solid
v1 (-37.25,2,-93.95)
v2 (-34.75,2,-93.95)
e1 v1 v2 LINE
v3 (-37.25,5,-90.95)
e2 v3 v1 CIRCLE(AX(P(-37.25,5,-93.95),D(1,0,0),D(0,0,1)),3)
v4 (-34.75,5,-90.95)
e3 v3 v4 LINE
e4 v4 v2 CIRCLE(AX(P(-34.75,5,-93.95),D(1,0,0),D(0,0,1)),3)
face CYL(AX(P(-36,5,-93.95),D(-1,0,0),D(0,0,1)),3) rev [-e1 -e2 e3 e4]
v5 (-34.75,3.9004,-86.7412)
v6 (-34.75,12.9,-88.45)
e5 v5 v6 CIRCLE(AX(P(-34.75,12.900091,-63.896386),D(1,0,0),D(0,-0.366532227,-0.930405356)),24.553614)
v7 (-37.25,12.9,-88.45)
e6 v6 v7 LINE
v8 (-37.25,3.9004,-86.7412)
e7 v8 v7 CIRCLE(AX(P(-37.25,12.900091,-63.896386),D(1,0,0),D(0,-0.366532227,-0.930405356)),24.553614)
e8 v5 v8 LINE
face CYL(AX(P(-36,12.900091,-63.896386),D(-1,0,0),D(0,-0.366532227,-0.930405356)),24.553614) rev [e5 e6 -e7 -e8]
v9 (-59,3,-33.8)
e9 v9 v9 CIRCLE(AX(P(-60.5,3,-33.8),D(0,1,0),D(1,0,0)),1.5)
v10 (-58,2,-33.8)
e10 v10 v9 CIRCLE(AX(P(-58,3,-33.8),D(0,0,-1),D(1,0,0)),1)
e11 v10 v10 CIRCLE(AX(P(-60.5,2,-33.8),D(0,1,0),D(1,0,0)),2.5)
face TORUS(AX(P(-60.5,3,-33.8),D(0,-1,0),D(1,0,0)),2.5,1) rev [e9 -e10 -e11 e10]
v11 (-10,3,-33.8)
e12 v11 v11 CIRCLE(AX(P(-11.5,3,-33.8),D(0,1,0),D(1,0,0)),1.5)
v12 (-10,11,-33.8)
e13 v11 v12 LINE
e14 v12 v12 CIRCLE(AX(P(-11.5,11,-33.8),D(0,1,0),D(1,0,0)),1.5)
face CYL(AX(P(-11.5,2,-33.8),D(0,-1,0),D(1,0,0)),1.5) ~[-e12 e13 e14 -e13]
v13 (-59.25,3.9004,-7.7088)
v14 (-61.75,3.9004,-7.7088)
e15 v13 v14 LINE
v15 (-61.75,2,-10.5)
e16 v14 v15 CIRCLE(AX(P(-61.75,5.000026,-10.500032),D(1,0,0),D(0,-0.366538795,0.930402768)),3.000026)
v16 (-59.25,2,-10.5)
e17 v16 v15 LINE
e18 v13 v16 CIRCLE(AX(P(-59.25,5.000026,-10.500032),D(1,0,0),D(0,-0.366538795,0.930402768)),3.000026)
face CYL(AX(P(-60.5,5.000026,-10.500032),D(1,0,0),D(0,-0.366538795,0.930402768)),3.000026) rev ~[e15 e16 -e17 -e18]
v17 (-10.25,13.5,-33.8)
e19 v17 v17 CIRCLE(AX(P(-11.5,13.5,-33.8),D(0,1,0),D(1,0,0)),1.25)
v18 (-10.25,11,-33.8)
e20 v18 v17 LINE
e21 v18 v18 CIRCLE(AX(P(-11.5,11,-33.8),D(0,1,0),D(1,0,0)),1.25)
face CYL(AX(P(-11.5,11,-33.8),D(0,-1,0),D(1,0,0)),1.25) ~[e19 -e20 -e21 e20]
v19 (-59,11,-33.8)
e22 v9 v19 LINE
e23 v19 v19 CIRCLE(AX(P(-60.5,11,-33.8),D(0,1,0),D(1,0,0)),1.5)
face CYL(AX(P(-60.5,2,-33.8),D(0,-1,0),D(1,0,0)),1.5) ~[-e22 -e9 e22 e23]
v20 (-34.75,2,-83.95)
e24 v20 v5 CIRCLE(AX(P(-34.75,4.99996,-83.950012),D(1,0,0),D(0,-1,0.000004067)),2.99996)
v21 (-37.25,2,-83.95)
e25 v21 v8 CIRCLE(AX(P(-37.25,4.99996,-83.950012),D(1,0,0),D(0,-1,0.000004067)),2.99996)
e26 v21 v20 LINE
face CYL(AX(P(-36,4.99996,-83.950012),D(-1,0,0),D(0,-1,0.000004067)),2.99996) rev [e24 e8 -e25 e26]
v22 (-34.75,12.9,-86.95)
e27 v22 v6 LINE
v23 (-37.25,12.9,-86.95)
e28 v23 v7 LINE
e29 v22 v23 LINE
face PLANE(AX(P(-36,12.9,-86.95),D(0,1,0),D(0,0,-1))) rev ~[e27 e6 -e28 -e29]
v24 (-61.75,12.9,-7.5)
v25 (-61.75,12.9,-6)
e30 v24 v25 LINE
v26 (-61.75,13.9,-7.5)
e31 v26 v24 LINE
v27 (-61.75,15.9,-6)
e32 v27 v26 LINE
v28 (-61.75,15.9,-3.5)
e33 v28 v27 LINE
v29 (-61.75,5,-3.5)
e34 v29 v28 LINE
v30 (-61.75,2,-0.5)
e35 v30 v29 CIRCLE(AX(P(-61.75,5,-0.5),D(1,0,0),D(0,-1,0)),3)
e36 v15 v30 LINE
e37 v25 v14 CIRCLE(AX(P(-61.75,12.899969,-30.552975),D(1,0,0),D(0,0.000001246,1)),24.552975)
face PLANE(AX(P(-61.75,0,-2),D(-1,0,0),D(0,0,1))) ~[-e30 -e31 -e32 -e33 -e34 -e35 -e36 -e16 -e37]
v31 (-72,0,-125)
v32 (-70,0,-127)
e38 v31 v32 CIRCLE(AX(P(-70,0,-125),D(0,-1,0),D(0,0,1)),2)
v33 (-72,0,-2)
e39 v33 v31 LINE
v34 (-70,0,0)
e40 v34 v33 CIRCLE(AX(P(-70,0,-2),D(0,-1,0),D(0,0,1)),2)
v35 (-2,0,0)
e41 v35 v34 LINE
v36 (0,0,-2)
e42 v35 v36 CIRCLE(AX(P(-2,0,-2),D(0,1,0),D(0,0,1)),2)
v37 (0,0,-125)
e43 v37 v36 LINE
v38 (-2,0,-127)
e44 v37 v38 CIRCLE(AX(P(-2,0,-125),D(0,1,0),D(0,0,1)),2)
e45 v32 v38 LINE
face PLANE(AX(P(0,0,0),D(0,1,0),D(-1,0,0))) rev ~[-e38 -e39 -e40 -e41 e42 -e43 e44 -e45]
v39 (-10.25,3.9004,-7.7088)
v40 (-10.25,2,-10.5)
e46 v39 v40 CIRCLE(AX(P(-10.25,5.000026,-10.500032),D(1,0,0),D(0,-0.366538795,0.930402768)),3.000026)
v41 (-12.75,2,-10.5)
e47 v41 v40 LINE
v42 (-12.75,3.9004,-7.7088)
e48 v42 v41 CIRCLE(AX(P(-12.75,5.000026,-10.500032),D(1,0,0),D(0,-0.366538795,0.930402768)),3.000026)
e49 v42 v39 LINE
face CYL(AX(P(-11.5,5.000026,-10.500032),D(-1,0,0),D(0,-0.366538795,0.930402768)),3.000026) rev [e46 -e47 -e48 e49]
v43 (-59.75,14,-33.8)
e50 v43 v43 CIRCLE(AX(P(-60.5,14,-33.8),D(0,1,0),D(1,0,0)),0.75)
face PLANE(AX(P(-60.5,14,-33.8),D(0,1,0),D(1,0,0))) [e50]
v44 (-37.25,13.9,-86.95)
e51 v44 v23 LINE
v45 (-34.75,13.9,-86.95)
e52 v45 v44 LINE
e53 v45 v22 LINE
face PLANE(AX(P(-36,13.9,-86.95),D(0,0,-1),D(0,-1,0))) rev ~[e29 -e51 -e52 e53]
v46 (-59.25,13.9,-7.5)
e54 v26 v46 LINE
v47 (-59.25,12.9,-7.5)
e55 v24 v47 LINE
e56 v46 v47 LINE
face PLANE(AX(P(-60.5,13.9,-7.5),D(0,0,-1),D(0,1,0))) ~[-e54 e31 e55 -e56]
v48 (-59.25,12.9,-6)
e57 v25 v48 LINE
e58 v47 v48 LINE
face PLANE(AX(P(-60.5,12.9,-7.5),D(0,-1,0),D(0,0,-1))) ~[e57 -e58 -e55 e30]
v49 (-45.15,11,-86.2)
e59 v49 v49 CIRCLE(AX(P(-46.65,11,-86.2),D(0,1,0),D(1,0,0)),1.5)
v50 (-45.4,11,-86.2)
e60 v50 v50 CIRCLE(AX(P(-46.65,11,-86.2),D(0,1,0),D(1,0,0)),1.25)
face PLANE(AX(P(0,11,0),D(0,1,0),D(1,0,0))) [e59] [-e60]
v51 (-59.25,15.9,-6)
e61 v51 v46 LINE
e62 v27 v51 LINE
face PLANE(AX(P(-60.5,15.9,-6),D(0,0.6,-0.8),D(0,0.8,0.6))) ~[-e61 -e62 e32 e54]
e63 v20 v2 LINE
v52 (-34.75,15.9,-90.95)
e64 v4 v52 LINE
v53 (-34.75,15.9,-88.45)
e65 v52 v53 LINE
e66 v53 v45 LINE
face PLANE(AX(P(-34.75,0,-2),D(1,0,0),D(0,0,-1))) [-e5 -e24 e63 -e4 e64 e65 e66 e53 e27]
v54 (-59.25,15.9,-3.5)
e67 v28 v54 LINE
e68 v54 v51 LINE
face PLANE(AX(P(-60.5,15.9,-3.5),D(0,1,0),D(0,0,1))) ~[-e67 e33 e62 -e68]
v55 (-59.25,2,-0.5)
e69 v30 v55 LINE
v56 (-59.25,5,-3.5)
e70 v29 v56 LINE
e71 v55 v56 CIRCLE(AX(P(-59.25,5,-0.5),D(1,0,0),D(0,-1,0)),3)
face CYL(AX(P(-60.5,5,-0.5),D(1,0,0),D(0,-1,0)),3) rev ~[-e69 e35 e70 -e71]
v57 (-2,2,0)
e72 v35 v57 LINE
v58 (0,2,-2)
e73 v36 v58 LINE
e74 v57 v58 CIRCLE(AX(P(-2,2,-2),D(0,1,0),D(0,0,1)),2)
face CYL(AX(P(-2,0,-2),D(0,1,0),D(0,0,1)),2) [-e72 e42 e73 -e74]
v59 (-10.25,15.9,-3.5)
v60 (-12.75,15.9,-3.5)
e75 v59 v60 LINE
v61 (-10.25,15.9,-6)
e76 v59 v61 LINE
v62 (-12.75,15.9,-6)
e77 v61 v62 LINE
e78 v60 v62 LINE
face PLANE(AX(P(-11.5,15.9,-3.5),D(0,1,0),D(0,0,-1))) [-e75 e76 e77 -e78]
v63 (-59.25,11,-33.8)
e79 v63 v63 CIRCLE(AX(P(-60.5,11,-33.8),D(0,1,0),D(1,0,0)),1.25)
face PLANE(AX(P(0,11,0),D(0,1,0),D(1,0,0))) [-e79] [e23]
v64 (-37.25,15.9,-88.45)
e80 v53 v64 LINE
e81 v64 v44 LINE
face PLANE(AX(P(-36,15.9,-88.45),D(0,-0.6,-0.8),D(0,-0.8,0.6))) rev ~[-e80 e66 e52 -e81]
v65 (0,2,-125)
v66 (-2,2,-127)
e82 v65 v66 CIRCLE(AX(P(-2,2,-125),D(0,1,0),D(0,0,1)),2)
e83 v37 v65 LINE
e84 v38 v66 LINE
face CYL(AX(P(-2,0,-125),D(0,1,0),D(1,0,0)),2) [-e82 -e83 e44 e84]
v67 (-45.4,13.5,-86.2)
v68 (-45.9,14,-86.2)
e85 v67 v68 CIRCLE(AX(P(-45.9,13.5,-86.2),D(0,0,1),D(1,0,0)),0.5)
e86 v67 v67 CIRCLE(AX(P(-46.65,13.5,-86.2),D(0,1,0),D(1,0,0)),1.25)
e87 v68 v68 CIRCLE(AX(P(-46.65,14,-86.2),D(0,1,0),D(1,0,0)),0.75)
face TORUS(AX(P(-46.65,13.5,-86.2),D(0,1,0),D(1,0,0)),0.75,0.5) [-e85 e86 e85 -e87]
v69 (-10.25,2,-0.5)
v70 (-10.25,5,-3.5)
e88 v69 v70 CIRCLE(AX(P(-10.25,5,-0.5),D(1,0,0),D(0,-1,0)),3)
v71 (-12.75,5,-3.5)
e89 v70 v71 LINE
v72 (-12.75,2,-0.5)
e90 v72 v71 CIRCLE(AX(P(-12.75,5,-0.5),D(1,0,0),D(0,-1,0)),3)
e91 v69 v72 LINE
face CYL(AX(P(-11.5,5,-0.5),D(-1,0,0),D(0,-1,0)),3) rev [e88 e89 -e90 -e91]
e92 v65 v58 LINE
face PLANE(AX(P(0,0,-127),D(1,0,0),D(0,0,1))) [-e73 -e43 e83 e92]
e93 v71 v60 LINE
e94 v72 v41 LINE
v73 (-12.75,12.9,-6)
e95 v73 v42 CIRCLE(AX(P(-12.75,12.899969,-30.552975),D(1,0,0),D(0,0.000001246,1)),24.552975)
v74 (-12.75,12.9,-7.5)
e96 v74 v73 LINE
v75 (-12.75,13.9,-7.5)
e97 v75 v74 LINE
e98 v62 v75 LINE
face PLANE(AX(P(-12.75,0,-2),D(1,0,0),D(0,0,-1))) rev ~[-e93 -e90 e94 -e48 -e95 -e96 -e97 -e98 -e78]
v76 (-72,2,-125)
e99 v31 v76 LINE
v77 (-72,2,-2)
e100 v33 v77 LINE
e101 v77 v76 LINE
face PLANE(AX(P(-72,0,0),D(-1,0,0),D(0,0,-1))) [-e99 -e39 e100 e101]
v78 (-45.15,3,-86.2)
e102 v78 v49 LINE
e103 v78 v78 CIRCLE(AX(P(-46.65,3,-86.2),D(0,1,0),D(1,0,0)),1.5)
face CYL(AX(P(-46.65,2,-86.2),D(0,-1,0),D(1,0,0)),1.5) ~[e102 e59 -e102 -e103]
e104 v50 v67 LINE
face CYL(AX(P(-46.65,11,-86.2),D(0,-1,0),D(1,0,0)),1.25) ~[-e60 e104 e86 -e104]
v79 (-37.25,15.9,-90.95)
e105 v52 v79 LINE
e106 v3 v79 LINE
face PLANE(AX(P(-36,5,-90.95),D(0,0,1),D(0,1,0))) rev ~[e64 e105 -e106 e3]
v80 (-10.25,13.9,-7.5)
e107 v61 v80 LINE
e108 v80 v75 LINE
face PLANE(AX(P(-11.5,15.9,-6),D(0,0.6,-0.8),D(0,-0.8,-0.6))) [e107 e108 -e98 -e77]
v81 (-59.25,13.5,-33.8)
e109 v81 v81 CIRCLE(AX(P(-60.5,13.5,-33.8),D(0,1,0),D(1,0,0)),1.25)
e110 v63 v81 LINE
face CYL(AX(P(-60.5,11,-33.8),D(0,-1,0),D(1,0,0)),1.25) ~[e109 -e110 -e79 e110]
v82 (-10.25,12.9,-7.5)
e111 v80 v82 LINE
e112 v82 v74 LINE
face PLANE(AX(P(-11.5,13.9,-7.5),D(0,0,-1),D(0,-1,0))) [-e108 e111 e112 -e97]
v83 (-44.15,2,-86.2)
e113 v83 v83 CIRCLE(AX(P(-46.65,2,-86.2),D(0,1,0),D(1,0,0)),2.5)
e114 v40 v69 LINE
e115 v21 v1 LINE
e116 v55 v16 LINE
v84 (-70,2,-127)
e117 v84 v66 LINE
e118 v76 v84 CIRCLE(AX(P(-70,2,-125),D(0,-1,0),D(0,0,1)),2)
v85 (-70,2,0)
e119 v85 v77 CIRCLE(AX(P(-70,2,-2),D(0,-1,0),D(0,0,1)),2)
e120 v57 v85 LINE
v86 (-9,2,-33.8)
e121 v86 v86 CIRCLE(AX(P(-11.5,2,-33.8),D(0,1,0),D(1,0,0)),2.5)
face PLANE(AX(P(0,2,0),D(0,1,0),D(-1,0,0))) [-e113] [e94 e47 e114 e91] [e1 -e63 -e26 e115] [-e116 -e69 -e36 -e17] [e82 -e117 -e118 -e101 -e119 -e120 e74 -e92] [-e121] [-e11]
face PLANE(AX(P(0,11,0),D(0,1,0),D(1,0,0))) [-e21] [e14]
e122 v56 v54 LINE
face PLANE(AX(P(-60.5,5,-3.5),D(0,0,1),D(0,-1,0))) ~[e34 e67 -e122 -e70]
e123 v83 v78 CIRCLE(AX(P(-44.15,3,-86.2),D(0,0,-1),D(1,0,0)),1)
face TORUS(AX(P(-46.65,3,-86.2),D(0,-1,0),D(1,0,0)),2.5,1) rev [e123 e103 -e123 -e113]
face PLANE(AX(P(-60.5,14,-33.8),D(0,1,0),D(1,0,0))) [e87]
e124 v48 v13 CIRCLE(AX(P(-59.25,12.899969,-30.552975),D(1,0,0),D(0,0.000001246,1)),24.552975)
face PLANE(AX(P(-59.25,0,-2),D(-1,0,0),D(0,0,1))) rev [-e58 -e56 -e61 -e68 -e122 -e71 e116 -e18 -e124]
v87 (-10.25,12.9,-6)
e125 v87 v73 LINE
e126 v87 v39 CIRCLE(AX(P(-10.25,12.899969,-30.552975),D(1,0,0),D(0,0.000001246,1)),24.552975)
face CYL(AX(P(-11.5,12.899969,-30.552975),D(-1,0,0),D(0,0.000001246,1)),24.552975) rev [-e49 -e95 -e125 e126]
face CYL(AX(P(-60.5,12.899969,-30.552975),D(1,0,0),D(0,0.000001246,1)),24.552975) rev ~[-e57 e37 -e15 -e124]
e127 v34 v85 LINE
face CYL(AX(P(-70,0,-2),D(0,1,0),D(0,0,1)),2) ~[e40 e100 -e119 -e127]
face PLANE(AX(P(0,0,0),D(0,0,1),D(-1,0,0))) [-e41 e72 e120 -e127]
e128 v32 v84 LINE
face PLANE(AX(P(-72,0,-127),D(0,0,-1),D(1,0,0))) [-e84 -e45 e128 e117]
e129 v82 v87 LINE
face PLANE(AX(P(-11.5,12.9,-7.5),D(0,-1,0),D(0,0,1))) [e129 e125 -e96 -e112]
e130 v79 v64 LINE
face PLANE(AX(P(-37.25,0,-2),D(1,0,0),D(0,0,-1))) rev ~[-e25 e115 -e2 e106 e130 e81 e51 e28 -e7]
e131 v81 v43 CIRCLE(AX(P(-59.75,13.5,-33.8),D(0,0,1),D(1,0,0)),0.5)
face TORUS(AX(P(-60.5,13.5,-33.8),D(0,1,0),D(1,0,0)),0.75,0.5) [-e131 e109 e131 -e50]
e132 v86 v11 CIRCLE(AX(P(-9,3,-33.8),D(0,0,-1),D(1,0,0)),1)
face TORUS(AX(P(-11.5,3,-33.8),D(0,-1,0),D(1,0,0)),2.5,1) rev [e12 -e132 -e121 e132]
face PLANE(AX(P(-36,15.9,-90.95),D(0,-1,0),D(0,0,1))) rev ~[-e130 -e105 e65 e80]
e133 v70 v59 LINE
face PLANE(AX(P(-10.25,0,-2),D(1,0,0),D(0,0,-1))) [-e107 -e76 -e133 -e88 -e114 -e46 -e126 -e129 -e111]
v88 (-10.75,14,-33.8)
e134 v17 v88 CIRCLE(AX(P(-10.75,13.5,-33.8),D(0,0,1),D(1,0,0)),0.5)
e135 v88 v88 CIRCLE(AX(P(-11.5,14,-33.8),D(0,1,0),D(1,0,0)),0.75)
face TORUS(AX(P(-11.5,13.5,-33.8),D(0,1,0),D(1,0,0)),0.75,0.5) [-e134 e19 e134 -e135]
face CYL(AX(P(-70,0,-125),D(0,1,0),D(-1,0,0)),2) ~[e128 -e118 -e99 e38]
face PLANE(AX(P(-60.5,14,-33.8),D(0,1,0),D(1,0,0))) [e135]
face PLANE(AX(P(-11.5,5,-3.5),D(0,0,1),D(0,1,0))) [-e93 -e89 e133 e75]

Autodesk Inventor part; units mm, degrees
ref_plane "YZ Plane" through (0, 0, 0) normal (1, 0, 0) x (0, 1, 0)
sketch "Sketch1" plane through (0, 0, 0) normal (0, 1, 0) x (-1, 0, 0)
  line L0 (0, 0) -> (72, 0)
  line L1 (72, 0) -> (72, -127)
  line L2 (72, -127) -> (0, -127)
  line L3 (0, -127) -> (0, 0)
  line L4 (57.1476, -114.4499) -> (13.5297, -114.4499)
  dimension "d0" = 72
  dimension "d1" = 127
extrude "Extrusion1" add sketch "Sketch1" along normal blind 2
sketch "Sketch2" plane through (0, 2, 0) normal (0, 1, 0) x (1, 0, 0)
  circle A0 centre (-60.5, 33.8) radius 1.5
  circle A1 centre (-11.5, 33.8) radius 1.5
  circle A2 centre (-46.65, 86.2) radius 1.5
  line L0 (-71, 6) -> (-1, 6) construction
  line L1 (-1, 6) -> (-1, 88.45) construction
  line L2 (-1, 88.45) -> (-71, 88.45) construction
  line L3 (-71, 88.45) -> (-71, 6) construction
  line L4 (-72, 0) -> (0, 0) projected
  point P0 (-36, 6)
  point P1 (-36, 0)
  dimension "d34" = 3
  dimension "d83" = 70
  dimension "d84" = 82.45
  dimension "d85" = 27.8
  dimension "d86" = 10.5
  dimension "d87" = 24.35
  dimension "d88" = 10.5
  dimension "d89" = 2.25
  dimension "d90" = 6
extrude "Extrusion8" add sketch "Sketch2" along normal blind 9
fillet "Fillet3" radius 1 3 edges at (-62, 2, -33.8) (-13, 2, -33.8) (-48.15, 2, -86.2)
sketch "Sketch8" plane through (-60.5, 11, -33.8) normal (0, 1, 0) x (1, 0, 0)
  circle A0 centre (0, 0) radius 1.25
  circle A1 centre (49, 0) radius 1.5 projected
  circle A2 centre (49, 0) radius 1.25
  circle A3 centre (13.85, 52.4) radius 1.5 projected
  circle A4 centre (13.85, 52.4) radius 1.25
  circle A5 centre (0, 0) radius 1.5 projected
  point P0 (60.5, -33.8)
  dimension "d65" = 2.5
  dimension "d66" = 2.5
  dimension "d67" = 2.5
extrude "Extrusion9" add sketch "Sketch8" along normal blind 3 contours A0 | A2 | A4
fillet "Fillet4" radius 0.5 3 edges at (-61.75, 14, -33.8) (-12.75, 14, -33.8) (-47.9, 14, -86.2)
fillet "Fillet5" radius 2 4 edges at (0, 1, 0) (-72, 1, 0) (-72, 1, -127) (0, 1, -127)
ref_plane "Work Plane1" through (-11.5, 0, -2) normal (1, 0, 0) x (0, 0, -1)
sketch "Sketch10" plane through (-11.5, 0, -2) normal (1, 0, 0) x (0, 0, -1)
  line L0 (0, 2) -> (123, 2) projected
  line L1 (-1.5, 2) -> (8.5, 2)
  arc A0 (5.7088, 3.9004) -> (8.5, 2) centre (8.5, 5) ccw
  arc A1 (-1.5, 2) -> (1.5, 5) centre (-1.5, 5) ccw
  line L2 (1.5, 5) -> (1.5, 15.9)
  line L3 (1.5, 15.9) -> (4, 15.9)
  line L4 (4, 15.9) -> (5.5, 13.9)
  line L5 (5.5, 13.9) -> (5.5, 12.9)
  line L6 (5.5, 12.9) -> (4, 12.9)
  arc A2 (4, 12.9) -> (5.7088, 3.9004) centre (28.5533, 12.9) ccw
  line L7 (-2, 2) -> (-2, 0) projected
  dimension "d92" = 10
  dimension "d96" = 1
  dimension "d98" = 3
  dimension "d100" = 2.5
  dimension "d102" = 1.5
  dimension "d103" = 3
  dimension "d117" = 10.9
  dimension "d121" = 0.5
extrude "Extrusion11" add sketch "Sketch10" along normal mid plane 2.5
ref_plane "Work Plane2" through (-36, 0, -2) normal (1, 0, 0) x (0, 0, -1)
mirror "Mirror1" about plane through (-36, 0, -2) normal (1, 0, 0) of "Extrusion11"
sketch "Sketch11" plane through (-36, 0, -2) normal (1, 0, 0) x (0, 0, -1)
  line L0 (0, 2) -> (123, 2) projected
  line L1 (81.95, 2) -> (91.95, 2)
  arc A0 (88.95, 5) -> (91.95, 2) centre (91.95, 5) ccw
  line L2 (88.95, 5) -> (88.95, 15.9)
  line L3 (88.95, 15.9) -> (86.45, 15.9)
  line L4 (86.45, 15.9) -> (84.95, 13.9)
  line L5 (84.95, 13.9) -> (84.95, 12.9)
  line L6 (84.95, 12.9) -> (86.45, 12.9)
  arc A1 (81.95, 2) -> (84.7412, 3.9004) centre (81.95, 5) ccw
  arc A2 (84.7412, 3.9004) -> (86.45, 12.9) centre (61.8967, 12.9) ccw
  line L7 (-2, 2) -> (-2, 0) projected
  point P0 (4, 12.9)
  dimension "d107" = 10
  dimension "d109" = 2.5
  dimension "d112" = 3
  dimension "d113" = 3
  dimension "d118" = 1
  dimension "d119" = 1.5
  dimension "d120" = 10.9
  dimension "d122" = 82.45
extrude "Extrusion12" add sketch "Sketch11" along normal mid plane 2.5
properties part number "Bodemplaat" material "ABS Plastic"
